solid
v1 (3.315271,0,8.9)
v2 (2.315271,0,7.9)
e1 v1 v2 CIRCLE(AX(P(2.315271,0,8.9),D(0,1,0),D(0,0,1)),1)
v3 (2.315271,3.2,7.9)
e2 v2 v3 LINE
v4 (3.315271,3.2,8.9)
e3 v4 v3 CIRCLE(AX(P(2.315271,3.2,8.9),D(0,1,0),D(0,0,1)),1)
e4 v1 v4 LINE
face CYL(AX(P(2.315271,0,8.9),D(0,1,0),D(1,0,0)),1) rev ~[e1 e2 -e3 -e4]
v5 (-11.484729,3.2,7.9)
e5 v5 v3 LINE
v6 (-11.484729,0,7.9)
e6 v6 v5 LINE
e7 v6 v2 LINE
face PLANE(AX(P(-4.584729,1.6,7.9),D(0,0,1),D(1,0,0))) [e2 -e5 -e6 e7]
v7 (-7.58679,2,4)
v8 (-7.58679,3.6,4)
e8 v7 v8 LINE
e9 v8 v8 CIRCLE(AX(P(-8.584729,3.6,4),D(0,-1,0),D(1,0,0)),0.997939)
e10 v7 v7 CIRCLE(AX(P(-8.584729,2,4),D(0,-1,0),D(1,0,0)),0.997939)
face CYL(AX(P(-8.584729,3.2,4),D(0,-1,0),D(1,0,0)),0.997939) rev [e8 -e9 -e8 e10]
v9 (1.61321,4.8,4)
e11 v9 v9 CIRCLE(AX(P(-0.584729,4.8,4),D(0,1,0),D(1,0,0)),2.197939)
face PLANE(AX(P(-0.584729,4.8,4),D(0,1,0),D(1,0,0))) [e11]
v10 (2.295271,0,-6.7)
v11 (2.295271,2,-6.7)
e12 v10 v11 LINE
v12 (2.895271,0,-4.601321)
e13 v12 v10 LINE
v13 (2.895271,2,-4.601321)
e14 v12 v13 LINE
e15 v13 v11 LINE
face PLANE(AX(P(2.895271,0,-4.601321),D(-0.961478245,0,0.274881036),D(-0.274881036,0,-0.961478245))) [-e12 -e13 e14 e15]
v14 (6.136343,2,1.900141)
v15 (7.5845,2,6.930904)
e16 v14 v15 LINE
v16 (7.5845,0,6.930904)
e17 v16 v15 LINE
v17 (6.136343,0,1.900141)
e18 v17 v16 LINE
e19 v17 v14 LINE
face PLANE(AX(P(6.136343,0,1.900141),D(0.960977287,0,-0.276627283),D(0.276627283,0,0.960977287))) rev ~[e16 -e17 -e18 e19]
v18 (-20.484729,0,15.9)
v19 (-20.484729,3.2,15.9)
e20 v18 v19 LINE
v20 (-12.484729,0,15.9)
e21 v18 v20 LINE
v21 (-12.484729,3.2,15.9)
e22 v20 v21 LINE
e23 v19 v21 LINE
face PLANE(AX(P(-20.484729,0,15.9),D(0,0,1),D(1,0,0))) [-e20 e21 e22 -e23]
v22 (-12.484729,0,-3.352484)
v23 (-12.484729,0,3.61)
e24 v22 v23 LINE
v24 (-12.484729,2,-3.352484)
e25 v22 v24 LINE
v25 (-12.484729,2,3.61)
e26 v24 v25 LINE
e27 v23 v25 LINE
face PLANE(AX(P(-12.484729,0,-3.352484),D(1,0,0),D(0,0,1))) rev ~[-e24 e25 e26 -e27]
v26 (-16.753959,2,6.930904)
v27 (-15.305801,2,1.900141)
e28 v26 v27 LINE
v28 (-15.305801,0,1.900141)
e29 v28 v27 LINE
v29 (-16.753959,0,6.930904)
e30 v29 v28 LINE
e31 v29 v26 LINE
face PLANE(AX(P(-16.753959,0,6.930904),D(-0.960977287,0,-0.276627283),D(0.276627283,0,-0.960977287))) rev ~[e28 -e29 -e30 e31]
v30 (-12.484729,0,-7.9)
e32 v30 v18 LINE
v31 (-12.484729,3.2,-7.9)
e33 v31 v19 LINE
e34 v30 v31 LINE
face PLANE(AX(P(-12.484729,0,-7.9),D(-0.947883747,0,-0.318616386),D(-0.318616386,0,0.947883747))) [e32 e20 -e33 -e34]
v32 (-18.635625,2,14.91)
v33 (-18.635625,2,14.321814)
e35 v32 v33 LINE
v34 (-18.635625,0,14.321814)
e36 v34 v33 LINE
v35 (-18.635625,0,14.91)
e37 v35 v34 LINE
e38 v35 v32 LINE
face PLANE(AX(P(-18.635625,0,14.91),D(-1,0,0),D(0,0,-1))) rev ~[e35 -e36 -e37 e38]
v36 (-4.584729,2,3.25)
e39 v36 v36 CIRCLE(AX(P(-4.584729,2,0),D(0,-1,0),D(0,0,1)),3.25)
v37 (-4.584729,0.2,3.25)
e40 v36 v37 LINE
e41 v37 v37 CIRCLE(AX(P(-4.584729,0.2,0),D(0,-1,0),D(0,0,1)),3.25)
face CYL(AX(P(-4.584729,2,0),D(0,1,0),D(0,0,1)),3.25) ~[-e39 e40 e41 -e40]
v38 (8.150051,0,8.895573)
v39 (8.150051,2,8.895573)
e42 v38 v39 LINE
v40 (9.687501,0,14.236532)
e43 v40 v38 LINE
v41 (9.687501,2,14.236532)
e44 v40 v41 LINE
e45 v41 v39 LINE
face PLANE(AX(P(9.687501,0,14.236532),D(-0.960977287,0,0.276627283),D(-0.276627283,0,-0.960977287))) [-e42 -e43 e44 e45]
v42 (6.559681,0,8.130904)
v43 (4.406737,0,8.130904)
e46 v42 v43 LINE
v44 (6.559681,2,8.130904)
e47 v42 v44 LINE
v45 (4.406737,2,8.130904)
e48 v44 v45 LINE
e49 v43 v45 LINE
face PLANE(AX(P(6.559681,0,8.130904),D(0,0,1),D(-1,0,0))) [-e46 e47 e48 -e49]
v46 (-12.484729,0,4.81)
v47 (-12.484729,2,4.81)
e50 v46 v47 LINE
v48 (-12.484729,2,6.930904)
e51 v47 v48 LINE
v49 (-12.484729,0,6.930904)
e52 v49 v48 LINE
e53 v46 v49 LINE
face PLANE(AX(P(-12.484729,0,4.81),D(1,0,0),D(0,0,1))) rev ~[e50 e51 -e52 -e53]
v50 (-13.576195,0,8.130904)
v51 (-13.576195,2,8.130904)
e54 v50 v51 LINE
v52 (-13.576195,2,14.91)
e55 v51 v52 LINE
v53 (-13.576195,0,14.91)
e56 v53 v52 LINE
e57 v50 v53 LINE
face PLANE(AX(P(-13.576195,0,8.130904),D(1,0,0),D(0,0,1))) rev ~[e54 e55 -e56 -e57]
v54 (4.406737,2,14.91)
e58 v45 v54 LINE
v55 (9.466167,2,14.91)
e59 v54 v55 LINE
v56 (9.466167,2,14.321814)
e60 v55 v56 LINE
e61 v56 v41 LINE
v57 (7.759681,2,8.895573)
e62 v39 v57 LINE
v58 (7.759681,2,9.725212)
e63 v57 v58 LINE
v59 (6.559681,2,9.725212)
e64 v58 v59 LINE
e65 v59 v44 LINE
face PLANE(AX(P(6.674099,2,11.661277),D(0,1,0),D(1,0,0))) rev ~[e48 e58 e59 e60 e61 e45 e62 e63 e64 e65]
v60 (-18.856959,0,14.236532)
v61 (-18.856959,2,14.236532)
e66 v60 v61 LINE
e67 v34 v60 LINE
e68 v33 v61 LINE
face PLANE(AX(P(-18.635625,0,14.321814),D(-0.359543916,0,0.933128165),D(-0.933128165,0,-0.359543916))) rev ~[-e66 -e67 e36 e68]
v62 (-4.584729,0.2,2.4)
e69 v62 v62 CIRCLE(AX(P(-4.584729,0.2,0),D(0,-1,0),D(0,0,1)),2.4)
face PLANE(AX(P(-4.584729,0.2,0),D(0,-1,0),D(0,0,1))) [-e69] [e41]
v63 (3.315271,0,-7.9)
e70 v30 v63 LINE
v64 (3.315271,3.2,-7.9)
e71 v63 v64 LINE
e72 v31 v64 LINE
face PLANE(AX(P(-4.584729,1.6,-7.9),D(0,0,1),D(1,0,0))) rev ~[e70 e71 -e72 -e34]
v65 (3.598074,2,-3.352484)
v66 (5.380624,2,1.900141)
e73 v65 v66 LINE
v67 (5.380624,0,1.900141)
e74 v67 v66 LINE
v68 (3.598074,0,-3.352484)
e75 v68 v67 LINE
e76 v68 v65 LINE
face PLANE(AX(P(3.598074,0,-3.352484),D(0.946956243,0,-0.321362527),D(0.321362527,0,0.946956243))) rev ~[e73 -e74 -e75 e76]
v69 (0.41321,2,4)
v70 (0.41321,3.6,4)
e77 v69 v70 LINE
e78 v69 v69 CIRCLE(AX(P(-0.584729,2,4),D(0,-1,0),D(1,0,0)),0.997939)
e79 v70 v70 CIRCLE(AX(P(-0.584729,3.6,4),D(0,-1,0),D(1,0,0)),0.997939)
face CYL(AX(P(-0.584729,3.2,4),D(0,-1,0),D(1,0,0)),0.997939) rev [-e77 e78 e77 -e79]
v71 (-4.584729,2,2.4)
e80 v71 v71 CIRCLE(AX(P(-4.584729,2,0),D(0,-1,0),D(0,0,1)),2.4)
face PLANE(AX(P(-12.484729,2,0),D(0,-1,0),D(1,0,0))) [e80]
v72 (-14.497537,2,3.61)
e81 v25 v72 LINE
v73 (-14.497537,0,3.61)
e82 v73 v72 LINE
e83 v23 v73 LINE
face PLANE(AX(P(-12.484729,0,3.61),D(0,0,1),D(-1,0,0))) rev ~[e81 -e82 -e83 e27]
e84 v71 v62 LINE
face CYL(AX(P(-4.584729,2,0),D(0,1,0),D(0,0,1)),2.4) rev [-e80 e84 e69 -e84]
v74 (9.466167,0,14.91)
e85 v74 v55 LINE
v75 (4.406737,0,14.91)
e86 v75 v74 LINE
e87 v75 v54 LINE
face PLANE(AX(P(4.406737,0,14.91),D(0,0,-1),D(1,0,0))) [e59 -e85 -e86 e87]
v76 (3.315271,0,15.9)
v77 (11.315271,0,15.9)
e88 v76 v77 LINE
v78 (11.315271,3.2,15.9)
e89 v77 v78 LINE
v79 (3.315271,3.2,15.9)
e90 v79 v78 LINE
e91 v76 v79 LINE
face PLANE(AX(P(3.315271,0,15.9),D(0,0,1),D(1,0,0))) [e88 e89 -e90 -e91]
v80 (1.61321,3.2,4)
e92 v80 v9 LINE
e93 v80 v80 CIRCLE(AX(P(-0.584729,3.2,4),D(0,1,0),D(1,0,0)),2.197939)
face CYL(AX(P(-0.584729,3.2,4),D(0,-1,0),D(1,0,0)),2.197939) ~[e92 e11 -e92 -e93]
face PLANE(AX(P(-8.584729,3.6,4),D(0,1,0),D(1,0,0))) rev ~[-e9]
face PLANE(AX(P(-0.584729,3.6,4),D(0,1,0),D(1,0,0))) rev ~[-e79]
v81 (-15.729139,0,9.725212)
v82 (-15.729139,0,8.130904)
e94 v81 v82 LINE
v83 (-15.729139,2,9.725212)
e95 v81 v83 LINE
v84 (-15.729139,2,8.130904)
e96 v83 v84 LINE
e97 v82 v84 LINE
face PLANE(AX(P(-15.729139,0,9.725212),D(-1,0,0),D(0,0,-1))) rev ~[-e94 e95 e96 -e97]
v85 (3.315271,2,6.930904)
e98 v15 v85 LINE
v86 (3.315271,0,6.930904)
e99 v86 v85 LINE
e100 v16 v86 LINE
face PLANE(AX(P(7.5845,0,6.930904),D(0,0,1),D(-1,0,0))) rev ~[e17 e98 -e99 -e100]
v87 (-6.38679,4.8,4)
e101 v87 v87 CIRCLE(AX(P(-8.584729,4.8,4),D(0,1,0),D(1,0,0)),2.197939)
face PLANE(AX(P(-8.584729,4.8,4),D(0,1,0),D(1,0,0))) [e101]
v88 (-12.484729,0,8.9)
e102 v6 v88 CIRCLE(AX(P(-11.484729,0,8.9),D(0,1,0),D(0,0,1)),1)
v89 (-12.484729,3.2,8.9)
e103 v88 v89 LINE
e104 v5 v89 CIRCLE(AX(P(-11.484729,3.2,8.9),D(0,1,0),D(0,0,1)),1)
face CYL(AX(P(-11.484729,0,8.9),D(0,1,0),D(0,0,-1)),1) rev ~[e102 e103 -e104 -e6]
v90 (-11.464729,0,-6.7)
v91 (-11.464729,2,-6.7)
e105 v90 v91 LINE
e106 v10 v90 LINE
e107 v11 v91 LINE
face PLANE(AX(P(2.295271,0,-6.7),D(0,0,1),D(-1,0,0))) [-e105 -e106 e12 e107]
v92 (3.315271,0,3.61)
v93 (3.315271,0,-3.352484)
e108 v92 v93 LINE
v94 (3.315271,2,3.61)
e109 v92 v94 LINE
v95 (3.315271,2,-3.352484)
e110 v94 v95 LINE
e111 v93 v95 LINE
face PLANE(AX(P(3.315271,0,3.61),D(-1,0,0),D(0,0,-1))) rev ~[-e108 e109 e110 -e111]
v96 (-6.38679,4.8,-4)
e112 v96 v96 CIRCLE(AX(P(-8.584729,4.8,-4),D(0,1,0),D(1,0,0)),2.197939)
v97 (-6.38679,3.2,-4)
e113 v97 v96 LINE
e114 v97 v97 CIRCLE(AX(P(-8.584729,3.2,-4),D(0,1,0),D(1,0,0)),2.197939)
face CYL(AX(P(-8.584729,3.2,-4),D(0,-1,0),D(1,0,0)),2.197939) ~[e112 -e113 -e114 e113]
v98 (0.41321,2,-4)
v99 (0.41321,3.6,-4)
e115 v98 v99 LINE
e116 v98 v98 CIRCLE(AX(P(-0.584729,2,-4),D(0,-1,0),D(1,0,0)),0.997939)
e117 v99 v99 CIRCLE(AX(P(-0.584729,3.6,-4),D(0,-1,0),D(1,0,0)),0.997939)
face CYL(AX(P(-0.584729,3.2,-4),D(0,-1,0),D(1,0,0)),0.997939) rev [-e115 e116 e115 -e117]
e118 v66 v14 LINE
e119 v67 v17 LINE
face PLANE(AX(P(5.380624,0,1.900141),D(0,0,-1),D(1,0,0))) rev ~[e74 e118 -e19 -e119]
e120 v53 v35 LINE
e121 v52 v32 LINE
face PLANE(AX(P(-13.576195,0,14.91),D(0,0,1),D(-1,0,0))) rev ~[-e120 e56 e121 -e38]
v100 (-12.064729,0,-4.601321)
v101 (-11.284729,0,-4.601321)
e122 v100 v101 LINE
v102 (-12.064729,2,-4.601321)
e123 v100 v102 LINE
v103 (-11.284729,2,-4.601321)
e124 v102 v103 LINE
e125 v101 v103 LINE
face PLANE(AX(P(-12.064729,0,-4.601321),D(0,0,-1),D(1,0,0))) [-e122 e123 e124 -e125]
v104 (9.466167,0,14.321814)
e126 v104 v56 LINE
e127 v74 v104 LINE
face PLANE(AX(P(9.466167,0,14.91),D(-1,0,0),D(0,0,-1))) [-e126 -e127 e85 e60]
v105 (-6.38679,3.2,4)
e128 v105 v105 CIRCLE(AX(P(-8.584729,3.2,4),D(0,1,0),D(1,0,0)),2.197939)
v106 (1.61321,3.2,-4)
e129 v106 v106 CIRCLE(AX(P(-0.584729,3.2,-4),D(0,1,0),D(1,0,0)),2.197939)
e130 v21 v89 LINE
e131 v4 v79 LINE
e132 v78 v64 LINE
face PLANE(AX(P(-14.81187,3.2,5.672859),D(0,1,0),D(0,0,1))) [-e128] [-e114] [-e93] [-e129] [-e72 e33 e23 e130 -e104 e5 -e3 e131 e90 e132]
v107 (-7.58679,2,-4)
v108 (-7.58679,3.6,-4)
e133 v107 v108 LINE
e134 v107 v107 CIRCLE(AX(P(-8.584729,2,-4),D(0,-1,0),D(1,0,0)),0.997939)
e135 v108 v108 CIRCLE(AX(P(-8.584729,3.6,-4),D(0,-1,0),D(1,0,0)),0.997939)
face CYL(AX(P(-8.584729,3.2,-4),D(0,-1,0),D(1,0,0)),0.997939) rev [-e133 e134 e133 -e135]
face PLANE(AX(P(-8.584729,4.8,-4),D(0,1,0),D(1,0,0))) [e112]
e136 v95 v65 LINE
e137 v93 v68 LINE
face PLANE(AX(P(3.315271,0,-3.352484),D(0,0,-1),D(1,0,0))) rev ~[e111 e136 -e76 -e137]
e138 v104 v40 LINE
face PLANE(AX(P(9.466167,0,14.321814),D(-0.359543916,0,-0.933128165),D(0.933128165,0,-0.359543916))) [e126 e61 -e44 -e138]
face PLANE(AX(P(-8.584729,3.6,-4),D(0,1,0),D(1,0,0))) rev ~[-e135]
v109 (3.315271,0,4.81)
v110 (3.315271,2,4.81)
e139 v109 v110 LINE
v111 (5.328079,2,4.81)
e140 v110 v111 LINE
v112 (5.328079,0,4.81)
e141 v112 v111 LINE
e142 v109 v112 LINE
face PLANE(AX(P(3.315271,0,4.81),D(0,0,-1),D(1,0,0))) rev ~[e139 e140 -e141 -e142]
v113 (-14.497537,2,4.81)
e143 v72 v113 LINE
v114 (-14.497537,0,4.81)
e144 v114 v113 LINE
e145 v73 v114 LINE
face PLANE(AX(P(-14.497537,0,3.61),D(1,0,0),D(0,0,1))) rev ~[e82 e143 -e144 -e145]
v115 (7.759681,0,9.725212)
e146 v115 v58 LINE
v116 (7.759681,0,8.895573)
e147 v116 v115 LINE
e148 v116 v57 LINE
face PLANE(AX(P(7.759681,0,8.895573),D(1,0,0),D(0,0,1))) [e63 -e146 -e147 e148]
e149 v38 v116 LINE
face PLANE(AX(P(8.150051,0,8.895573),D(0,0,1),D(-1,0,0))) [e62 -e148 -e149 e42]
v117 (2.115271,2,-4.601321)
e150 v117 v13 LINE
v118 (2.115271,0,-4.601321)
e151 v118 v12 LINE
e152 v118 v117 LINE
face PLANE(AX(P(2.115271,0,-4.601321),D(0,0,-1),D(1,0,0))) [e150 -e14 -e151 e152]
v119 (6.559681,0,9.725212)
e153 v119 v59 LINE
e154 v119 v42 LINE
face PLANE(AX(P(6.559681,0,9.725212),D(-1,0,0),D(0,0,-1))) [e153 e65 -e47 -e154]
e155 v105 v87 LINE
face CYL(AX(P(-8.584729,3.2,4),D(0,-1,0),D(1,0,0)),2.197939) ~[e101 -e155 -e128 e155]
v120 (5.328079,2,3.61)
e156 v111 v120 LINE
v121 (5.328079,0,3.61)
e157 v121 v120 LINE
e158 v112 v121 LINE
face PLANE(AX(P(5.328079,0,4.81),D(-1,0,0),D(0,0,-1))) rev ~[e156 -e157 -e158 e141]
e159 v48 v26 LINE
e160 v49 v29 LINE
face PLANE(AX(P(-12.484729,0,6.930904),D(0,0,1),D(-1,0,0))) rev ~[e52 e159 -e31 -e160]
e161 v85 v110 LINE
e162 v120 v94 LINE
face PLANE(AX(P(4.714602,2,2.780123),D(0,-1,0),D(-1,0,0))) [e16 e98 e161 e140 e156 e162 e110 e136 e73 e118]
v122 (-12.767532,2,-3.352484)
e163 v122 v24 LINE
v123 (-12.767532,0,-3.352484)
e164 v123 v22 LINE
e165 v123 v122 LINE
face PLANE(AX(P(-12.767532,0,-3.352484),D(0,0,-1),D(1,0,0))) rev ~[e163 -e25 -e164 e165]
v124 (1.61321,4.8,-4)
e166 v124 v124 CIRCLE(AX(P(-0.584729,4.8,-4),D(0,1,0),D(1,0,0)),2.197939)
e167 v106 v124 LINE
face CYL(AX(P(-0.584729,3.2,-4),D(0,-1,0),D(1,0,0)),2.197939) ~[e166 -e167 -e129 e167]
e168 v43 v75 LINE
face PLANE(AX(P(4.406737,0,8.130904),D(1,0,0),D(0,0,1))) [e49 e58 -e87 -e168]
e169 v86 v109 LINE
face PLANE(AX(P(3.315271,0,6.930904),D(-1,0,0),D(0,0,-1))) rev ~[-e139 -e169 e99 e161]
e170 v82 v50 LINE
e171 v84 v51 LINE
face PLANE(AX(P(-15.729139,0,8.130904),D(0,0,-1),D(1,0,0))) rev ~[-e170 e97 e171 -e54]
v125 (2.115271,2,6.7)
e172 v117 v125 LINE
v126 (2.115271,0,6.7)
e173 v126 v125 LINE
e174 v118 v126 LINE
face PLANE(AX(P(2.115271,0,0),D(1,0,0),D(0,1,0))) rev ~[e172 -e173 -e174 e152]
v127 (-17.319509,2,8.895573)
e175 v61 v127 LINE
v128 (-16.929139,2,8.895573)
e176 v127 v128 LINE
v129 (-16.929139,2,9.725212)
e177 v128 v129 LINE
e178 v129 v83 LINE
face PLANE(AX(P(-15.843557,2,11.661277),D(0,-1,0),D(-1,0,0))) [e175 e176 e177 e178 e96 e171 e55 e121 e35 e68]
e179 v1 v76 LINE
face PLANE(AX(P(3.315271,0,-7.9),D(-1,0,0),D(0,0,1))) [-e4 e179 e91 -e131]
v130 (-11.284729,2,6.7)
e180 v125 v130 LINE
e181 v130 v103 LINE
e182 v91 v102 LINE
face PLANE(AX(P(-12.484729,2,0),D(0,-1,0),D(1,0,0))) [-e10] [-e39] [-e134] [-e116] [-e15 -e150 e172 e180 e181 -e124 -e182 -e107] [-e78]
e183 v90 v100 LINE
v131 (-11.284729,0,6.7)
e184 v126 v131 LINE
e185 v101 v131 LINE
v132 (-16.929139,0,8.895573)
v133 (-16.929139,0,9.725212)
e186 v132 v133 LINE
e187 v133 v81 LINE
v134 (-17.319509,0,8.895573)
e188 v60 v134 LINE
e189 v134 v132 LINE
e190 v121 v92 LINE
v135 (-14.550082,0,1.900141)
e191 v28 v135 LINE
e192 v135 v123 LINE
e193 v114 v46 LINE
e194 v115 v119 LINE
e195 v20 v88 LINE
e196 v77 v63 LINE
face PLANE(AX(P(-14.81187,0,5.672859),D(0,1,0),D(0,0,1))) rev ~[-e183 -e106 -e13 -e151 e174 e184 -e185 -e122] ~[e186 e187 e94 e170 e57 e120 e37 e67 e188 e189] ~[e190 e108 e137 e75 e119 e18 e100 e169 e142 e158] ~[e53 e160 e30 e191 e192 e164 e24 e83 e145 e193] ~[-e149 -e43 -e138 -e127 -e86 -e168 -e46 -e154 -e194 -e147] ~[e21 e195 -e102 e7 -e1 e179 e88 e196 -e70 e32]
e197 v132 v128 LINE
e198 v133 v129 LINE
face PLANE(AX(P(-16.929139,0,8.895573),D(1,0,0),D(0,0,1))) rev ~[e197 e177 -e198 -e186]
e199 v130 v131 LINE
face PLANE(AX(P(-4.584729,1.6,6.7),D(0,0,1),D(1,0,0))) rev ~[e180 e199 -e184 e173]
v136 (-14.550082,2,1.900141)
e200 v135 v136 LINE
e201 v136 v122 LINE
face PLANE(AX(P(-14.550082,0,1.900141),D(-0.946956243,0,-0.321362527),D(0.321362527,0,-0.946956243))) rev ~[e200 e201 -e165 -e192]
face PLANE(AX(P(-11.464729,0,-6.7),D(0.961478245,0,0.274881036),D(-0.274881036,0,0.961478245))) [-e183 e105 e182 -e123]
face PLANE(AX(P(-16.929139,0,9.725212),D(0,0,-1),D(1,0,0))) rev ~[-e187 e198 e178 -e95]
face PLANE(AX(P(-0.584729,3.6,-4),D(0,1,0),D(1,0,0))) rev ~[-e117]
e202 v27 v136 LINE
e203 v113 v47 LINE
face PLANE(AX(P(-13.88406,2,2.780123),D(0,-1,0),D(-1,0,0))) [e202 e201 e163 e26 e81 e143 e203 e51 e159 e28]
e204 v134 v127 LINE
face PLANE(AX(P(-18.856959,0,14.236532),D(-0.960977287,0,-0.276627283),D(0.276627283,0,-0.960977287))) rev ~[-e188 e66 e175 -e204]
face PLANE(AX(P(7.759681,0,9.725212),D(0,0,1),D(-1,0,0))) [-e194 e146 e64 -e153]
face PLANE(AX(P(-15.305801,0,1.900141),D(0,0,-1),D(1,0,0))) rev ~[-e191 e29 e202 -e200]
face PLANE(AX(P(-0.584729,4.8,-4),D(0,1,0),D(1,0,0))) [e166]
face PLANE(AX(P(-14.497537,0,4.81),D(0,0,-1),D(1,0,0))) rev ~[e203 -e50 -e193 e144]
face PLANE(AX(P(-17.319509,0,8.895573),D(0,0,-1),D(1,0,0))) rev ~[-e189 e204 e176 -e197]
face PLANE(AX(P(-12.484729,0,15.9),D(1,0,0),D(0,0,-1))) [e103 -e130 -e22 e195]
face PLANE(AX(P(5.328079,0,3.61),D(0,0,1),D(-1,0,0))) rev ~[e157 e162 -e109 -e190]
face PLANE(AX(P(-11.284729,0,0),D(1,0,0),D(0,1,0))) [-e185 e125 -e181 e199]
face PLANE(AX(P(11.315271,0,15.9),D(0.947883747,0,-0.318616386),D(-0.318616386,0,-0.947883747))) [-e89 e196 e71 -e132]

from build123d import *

# Parameters (mm, degrees)
BASEFRAMESKETCH_W           = 15.8
BASEFRAMESKETCH_H           = 3.2
BASEFRAME_DEPTH             = 7.9
STUDSSKETCH_R               = 2.197938665
STUDS_DEPTH                 = 1.6
MAINSTUDSPATTERN_COUNT      = 2
MAINSTUDSPATTERN_PITCH      = 8
MAINSTUDSPATTERN_COUNT_DIR2 = 2
MAINSTUDSPATTERN_PITCH_DIR2 = 8
MAINBASESHELL_T             = -1.2
UNDERCIRCLESKETCH_R         = 3.25
UNDERCIRCLESKETCH_R_2       = 2.4
UNDERCIRCLEEXTRUDE_DEPTH    = 1.8
ASHAPEDEDGECUT_DEPTH        = 2
FILLET13_R                  = 1


with BuildPart() as part:
    # BaseFrameSketch → BaseFrame (new, symmetric)
    with BuildSketch(Plane.XY):
        with Locations((-4.584729064, 1.6)):
            Rectangle(BASEFRAMESKETCH_W, BASEFRAMESKETCH_H)
    extrude(amount=BASEFRAME_DEPTH, both=True)

    # StudsSketch → Studs (add)
    with BuildSketch(Plane(origin=(0, 3.2, 0), x_dir=(1, 0, 0), z_dir=(0, 1, 0))):
        with Locations((-8.584729064, 4)):
            Circle(STUDSSKETCH_R)
    studs = extrude(amount=STUDS_DEPTH)

    # MainStudsPattern: Studs 2 × 2
    with Locations(*[(i * MAINSTUDSPATTERN_PITCH, 0, j * MAINSTUDSPATTERN_PITCH_DIR2) for i in range(MAINSTUDSPATTERN_COUNT) for j in range(MAINSTUDSPATTERN_COUNT_DIR2) if (i, j) != (0, 0)]):
        add(studs)

    # MainBaseShell
    mainbaseshell_openings = [part.faces().sort_by_distance(p)[0] for p in [
        (-4.584729064, 0, 0),
    ]]
    offset(amount=MAINBASESHELL_T, openings=mainbaseshell_openings, kind=Kind.INTERSECTION)

    # UnderCircleSketch → UnderCircleExtrude (add)
    with BuildSketch(Plane(origin=(0, 2, 0), x_dir=(-1, 0, 0), z_dir=(0, -1, 0))):
        with Locations(Location((4.584729064, 0, 0), (0, 0, 270))):
            Circle(UNDERCIRCLESKETCH_R)
        with Locations(Location((4.584729064, 0, 0), (0, 0, 270))):
            Circle(UNDERCIRCLESKETCH_R_2, mode=Mode.SUBTRACT)
    extrude(amount=UNDERCIRCLEEXTRUDE_DEPTH)

    # Sweep1: sweep along a curve in space
    with BuildLine() as sweep1_path:
        Line((3.315270936, 0, 7.9), (3.315270936, 3.2, 7.9))
    # Sketch10 → Sweep1 (sweep)
    with BuildSketch(Plane(origin=(0, 3.2, 0), x_dir=(1, 0, 0), z_dir=(0, 1, 0))):
        Polygon((-12.484729064, 7.9), (-20.484729064, -15.9), (-12.484729064, -15.9), align=None)
        Polygon((3.315270936, 7.9), (3.315270936, -15.9), (11.315270936, -15.9), align=None)
    sweep(path=sweep1_path.line)

    # Sketch11 → AShapedEdgeCut (cut)
    with BuildSketch(Plane(origin=(0, 0, 0), x_dir=(-1, 0, 0), z_dir=(0, -1, 0))):
        Polygon((-3.315270936, 3.352483875), (-3.598074089, 3.352483875), (-5.380624164, -1.900141374), (-6.136343318, -1.900141374), (-7.584500421, -6.930903588), (-3.315270936, -6.930903588), (-3.315270936, -4.81), (-5.328079185, -4.81), (-5.328079185, -3.61), (-3.315270936, -3.61), align=None)
        Polygon((-7.759680606, -8.895572671), (-7.759680606, -9.725211817), (-6.559680606, -9.725211817), (-6.559680606, -8.130903588), (-4.406736771, -8.130903588), (-4.406736771, -14.91), (-9.466166686, -14.91), (-9.466166686, -14.321814496), (-9.687501352, -14.236531964), (-8.150050802, -8.895572671), align=None)
        Polygon((-2.115270936, 4.601321399), (-2.895270936, 4.601321399), (-2.295270936, 6.7), (-2.115270936, 6.7), align=None)
        Polygon((11.284729064, 4.601321399), (11.284729064, 6.7), (11.464729064, 6.7), (12.064729064, 4.601321399), align=None)
        Polygon((13.576194899, -14.91), (18.635624814, -14.91), (18.635624814, -14.321814496), (18.85695948, -14.236531964), (17.31950893, -8.895572671), (16.929138734, -8.895572671), (16.929138734, -9.725211817), (15.729138734, -9.725211817), (15.729138734, -8.130903588), (13.576194899, -8.130903588), align=None)
        Polygon((12.484729064, -4.81), (12.484729064, -6.930903588), (16.753958549, -6.930903588), (15.305801446, -1.900141374), (14.550082292, -1.900141374), (12.767532217, 3.352483875), (12.484729064, 3.352483875), (12.484729064, -3.61), (14.497537313, -3.61), (14.497537313, -4.81), align=None)
    extrude(amount=-ASHAPEDEDGECUT_DEPTH, mode=Mode.SUBTRACT)

    # Fillet13
    fillet13_edges = [part.edges().sort_by_distance(p)[0] for p in [
        (3.315270936, 1.6, 7.9),
        (-12.484729064, 1.6, 7.9),
    ]]
    fillet(fillet13_edges, radius=FILLET13_R)


solid = part.part
